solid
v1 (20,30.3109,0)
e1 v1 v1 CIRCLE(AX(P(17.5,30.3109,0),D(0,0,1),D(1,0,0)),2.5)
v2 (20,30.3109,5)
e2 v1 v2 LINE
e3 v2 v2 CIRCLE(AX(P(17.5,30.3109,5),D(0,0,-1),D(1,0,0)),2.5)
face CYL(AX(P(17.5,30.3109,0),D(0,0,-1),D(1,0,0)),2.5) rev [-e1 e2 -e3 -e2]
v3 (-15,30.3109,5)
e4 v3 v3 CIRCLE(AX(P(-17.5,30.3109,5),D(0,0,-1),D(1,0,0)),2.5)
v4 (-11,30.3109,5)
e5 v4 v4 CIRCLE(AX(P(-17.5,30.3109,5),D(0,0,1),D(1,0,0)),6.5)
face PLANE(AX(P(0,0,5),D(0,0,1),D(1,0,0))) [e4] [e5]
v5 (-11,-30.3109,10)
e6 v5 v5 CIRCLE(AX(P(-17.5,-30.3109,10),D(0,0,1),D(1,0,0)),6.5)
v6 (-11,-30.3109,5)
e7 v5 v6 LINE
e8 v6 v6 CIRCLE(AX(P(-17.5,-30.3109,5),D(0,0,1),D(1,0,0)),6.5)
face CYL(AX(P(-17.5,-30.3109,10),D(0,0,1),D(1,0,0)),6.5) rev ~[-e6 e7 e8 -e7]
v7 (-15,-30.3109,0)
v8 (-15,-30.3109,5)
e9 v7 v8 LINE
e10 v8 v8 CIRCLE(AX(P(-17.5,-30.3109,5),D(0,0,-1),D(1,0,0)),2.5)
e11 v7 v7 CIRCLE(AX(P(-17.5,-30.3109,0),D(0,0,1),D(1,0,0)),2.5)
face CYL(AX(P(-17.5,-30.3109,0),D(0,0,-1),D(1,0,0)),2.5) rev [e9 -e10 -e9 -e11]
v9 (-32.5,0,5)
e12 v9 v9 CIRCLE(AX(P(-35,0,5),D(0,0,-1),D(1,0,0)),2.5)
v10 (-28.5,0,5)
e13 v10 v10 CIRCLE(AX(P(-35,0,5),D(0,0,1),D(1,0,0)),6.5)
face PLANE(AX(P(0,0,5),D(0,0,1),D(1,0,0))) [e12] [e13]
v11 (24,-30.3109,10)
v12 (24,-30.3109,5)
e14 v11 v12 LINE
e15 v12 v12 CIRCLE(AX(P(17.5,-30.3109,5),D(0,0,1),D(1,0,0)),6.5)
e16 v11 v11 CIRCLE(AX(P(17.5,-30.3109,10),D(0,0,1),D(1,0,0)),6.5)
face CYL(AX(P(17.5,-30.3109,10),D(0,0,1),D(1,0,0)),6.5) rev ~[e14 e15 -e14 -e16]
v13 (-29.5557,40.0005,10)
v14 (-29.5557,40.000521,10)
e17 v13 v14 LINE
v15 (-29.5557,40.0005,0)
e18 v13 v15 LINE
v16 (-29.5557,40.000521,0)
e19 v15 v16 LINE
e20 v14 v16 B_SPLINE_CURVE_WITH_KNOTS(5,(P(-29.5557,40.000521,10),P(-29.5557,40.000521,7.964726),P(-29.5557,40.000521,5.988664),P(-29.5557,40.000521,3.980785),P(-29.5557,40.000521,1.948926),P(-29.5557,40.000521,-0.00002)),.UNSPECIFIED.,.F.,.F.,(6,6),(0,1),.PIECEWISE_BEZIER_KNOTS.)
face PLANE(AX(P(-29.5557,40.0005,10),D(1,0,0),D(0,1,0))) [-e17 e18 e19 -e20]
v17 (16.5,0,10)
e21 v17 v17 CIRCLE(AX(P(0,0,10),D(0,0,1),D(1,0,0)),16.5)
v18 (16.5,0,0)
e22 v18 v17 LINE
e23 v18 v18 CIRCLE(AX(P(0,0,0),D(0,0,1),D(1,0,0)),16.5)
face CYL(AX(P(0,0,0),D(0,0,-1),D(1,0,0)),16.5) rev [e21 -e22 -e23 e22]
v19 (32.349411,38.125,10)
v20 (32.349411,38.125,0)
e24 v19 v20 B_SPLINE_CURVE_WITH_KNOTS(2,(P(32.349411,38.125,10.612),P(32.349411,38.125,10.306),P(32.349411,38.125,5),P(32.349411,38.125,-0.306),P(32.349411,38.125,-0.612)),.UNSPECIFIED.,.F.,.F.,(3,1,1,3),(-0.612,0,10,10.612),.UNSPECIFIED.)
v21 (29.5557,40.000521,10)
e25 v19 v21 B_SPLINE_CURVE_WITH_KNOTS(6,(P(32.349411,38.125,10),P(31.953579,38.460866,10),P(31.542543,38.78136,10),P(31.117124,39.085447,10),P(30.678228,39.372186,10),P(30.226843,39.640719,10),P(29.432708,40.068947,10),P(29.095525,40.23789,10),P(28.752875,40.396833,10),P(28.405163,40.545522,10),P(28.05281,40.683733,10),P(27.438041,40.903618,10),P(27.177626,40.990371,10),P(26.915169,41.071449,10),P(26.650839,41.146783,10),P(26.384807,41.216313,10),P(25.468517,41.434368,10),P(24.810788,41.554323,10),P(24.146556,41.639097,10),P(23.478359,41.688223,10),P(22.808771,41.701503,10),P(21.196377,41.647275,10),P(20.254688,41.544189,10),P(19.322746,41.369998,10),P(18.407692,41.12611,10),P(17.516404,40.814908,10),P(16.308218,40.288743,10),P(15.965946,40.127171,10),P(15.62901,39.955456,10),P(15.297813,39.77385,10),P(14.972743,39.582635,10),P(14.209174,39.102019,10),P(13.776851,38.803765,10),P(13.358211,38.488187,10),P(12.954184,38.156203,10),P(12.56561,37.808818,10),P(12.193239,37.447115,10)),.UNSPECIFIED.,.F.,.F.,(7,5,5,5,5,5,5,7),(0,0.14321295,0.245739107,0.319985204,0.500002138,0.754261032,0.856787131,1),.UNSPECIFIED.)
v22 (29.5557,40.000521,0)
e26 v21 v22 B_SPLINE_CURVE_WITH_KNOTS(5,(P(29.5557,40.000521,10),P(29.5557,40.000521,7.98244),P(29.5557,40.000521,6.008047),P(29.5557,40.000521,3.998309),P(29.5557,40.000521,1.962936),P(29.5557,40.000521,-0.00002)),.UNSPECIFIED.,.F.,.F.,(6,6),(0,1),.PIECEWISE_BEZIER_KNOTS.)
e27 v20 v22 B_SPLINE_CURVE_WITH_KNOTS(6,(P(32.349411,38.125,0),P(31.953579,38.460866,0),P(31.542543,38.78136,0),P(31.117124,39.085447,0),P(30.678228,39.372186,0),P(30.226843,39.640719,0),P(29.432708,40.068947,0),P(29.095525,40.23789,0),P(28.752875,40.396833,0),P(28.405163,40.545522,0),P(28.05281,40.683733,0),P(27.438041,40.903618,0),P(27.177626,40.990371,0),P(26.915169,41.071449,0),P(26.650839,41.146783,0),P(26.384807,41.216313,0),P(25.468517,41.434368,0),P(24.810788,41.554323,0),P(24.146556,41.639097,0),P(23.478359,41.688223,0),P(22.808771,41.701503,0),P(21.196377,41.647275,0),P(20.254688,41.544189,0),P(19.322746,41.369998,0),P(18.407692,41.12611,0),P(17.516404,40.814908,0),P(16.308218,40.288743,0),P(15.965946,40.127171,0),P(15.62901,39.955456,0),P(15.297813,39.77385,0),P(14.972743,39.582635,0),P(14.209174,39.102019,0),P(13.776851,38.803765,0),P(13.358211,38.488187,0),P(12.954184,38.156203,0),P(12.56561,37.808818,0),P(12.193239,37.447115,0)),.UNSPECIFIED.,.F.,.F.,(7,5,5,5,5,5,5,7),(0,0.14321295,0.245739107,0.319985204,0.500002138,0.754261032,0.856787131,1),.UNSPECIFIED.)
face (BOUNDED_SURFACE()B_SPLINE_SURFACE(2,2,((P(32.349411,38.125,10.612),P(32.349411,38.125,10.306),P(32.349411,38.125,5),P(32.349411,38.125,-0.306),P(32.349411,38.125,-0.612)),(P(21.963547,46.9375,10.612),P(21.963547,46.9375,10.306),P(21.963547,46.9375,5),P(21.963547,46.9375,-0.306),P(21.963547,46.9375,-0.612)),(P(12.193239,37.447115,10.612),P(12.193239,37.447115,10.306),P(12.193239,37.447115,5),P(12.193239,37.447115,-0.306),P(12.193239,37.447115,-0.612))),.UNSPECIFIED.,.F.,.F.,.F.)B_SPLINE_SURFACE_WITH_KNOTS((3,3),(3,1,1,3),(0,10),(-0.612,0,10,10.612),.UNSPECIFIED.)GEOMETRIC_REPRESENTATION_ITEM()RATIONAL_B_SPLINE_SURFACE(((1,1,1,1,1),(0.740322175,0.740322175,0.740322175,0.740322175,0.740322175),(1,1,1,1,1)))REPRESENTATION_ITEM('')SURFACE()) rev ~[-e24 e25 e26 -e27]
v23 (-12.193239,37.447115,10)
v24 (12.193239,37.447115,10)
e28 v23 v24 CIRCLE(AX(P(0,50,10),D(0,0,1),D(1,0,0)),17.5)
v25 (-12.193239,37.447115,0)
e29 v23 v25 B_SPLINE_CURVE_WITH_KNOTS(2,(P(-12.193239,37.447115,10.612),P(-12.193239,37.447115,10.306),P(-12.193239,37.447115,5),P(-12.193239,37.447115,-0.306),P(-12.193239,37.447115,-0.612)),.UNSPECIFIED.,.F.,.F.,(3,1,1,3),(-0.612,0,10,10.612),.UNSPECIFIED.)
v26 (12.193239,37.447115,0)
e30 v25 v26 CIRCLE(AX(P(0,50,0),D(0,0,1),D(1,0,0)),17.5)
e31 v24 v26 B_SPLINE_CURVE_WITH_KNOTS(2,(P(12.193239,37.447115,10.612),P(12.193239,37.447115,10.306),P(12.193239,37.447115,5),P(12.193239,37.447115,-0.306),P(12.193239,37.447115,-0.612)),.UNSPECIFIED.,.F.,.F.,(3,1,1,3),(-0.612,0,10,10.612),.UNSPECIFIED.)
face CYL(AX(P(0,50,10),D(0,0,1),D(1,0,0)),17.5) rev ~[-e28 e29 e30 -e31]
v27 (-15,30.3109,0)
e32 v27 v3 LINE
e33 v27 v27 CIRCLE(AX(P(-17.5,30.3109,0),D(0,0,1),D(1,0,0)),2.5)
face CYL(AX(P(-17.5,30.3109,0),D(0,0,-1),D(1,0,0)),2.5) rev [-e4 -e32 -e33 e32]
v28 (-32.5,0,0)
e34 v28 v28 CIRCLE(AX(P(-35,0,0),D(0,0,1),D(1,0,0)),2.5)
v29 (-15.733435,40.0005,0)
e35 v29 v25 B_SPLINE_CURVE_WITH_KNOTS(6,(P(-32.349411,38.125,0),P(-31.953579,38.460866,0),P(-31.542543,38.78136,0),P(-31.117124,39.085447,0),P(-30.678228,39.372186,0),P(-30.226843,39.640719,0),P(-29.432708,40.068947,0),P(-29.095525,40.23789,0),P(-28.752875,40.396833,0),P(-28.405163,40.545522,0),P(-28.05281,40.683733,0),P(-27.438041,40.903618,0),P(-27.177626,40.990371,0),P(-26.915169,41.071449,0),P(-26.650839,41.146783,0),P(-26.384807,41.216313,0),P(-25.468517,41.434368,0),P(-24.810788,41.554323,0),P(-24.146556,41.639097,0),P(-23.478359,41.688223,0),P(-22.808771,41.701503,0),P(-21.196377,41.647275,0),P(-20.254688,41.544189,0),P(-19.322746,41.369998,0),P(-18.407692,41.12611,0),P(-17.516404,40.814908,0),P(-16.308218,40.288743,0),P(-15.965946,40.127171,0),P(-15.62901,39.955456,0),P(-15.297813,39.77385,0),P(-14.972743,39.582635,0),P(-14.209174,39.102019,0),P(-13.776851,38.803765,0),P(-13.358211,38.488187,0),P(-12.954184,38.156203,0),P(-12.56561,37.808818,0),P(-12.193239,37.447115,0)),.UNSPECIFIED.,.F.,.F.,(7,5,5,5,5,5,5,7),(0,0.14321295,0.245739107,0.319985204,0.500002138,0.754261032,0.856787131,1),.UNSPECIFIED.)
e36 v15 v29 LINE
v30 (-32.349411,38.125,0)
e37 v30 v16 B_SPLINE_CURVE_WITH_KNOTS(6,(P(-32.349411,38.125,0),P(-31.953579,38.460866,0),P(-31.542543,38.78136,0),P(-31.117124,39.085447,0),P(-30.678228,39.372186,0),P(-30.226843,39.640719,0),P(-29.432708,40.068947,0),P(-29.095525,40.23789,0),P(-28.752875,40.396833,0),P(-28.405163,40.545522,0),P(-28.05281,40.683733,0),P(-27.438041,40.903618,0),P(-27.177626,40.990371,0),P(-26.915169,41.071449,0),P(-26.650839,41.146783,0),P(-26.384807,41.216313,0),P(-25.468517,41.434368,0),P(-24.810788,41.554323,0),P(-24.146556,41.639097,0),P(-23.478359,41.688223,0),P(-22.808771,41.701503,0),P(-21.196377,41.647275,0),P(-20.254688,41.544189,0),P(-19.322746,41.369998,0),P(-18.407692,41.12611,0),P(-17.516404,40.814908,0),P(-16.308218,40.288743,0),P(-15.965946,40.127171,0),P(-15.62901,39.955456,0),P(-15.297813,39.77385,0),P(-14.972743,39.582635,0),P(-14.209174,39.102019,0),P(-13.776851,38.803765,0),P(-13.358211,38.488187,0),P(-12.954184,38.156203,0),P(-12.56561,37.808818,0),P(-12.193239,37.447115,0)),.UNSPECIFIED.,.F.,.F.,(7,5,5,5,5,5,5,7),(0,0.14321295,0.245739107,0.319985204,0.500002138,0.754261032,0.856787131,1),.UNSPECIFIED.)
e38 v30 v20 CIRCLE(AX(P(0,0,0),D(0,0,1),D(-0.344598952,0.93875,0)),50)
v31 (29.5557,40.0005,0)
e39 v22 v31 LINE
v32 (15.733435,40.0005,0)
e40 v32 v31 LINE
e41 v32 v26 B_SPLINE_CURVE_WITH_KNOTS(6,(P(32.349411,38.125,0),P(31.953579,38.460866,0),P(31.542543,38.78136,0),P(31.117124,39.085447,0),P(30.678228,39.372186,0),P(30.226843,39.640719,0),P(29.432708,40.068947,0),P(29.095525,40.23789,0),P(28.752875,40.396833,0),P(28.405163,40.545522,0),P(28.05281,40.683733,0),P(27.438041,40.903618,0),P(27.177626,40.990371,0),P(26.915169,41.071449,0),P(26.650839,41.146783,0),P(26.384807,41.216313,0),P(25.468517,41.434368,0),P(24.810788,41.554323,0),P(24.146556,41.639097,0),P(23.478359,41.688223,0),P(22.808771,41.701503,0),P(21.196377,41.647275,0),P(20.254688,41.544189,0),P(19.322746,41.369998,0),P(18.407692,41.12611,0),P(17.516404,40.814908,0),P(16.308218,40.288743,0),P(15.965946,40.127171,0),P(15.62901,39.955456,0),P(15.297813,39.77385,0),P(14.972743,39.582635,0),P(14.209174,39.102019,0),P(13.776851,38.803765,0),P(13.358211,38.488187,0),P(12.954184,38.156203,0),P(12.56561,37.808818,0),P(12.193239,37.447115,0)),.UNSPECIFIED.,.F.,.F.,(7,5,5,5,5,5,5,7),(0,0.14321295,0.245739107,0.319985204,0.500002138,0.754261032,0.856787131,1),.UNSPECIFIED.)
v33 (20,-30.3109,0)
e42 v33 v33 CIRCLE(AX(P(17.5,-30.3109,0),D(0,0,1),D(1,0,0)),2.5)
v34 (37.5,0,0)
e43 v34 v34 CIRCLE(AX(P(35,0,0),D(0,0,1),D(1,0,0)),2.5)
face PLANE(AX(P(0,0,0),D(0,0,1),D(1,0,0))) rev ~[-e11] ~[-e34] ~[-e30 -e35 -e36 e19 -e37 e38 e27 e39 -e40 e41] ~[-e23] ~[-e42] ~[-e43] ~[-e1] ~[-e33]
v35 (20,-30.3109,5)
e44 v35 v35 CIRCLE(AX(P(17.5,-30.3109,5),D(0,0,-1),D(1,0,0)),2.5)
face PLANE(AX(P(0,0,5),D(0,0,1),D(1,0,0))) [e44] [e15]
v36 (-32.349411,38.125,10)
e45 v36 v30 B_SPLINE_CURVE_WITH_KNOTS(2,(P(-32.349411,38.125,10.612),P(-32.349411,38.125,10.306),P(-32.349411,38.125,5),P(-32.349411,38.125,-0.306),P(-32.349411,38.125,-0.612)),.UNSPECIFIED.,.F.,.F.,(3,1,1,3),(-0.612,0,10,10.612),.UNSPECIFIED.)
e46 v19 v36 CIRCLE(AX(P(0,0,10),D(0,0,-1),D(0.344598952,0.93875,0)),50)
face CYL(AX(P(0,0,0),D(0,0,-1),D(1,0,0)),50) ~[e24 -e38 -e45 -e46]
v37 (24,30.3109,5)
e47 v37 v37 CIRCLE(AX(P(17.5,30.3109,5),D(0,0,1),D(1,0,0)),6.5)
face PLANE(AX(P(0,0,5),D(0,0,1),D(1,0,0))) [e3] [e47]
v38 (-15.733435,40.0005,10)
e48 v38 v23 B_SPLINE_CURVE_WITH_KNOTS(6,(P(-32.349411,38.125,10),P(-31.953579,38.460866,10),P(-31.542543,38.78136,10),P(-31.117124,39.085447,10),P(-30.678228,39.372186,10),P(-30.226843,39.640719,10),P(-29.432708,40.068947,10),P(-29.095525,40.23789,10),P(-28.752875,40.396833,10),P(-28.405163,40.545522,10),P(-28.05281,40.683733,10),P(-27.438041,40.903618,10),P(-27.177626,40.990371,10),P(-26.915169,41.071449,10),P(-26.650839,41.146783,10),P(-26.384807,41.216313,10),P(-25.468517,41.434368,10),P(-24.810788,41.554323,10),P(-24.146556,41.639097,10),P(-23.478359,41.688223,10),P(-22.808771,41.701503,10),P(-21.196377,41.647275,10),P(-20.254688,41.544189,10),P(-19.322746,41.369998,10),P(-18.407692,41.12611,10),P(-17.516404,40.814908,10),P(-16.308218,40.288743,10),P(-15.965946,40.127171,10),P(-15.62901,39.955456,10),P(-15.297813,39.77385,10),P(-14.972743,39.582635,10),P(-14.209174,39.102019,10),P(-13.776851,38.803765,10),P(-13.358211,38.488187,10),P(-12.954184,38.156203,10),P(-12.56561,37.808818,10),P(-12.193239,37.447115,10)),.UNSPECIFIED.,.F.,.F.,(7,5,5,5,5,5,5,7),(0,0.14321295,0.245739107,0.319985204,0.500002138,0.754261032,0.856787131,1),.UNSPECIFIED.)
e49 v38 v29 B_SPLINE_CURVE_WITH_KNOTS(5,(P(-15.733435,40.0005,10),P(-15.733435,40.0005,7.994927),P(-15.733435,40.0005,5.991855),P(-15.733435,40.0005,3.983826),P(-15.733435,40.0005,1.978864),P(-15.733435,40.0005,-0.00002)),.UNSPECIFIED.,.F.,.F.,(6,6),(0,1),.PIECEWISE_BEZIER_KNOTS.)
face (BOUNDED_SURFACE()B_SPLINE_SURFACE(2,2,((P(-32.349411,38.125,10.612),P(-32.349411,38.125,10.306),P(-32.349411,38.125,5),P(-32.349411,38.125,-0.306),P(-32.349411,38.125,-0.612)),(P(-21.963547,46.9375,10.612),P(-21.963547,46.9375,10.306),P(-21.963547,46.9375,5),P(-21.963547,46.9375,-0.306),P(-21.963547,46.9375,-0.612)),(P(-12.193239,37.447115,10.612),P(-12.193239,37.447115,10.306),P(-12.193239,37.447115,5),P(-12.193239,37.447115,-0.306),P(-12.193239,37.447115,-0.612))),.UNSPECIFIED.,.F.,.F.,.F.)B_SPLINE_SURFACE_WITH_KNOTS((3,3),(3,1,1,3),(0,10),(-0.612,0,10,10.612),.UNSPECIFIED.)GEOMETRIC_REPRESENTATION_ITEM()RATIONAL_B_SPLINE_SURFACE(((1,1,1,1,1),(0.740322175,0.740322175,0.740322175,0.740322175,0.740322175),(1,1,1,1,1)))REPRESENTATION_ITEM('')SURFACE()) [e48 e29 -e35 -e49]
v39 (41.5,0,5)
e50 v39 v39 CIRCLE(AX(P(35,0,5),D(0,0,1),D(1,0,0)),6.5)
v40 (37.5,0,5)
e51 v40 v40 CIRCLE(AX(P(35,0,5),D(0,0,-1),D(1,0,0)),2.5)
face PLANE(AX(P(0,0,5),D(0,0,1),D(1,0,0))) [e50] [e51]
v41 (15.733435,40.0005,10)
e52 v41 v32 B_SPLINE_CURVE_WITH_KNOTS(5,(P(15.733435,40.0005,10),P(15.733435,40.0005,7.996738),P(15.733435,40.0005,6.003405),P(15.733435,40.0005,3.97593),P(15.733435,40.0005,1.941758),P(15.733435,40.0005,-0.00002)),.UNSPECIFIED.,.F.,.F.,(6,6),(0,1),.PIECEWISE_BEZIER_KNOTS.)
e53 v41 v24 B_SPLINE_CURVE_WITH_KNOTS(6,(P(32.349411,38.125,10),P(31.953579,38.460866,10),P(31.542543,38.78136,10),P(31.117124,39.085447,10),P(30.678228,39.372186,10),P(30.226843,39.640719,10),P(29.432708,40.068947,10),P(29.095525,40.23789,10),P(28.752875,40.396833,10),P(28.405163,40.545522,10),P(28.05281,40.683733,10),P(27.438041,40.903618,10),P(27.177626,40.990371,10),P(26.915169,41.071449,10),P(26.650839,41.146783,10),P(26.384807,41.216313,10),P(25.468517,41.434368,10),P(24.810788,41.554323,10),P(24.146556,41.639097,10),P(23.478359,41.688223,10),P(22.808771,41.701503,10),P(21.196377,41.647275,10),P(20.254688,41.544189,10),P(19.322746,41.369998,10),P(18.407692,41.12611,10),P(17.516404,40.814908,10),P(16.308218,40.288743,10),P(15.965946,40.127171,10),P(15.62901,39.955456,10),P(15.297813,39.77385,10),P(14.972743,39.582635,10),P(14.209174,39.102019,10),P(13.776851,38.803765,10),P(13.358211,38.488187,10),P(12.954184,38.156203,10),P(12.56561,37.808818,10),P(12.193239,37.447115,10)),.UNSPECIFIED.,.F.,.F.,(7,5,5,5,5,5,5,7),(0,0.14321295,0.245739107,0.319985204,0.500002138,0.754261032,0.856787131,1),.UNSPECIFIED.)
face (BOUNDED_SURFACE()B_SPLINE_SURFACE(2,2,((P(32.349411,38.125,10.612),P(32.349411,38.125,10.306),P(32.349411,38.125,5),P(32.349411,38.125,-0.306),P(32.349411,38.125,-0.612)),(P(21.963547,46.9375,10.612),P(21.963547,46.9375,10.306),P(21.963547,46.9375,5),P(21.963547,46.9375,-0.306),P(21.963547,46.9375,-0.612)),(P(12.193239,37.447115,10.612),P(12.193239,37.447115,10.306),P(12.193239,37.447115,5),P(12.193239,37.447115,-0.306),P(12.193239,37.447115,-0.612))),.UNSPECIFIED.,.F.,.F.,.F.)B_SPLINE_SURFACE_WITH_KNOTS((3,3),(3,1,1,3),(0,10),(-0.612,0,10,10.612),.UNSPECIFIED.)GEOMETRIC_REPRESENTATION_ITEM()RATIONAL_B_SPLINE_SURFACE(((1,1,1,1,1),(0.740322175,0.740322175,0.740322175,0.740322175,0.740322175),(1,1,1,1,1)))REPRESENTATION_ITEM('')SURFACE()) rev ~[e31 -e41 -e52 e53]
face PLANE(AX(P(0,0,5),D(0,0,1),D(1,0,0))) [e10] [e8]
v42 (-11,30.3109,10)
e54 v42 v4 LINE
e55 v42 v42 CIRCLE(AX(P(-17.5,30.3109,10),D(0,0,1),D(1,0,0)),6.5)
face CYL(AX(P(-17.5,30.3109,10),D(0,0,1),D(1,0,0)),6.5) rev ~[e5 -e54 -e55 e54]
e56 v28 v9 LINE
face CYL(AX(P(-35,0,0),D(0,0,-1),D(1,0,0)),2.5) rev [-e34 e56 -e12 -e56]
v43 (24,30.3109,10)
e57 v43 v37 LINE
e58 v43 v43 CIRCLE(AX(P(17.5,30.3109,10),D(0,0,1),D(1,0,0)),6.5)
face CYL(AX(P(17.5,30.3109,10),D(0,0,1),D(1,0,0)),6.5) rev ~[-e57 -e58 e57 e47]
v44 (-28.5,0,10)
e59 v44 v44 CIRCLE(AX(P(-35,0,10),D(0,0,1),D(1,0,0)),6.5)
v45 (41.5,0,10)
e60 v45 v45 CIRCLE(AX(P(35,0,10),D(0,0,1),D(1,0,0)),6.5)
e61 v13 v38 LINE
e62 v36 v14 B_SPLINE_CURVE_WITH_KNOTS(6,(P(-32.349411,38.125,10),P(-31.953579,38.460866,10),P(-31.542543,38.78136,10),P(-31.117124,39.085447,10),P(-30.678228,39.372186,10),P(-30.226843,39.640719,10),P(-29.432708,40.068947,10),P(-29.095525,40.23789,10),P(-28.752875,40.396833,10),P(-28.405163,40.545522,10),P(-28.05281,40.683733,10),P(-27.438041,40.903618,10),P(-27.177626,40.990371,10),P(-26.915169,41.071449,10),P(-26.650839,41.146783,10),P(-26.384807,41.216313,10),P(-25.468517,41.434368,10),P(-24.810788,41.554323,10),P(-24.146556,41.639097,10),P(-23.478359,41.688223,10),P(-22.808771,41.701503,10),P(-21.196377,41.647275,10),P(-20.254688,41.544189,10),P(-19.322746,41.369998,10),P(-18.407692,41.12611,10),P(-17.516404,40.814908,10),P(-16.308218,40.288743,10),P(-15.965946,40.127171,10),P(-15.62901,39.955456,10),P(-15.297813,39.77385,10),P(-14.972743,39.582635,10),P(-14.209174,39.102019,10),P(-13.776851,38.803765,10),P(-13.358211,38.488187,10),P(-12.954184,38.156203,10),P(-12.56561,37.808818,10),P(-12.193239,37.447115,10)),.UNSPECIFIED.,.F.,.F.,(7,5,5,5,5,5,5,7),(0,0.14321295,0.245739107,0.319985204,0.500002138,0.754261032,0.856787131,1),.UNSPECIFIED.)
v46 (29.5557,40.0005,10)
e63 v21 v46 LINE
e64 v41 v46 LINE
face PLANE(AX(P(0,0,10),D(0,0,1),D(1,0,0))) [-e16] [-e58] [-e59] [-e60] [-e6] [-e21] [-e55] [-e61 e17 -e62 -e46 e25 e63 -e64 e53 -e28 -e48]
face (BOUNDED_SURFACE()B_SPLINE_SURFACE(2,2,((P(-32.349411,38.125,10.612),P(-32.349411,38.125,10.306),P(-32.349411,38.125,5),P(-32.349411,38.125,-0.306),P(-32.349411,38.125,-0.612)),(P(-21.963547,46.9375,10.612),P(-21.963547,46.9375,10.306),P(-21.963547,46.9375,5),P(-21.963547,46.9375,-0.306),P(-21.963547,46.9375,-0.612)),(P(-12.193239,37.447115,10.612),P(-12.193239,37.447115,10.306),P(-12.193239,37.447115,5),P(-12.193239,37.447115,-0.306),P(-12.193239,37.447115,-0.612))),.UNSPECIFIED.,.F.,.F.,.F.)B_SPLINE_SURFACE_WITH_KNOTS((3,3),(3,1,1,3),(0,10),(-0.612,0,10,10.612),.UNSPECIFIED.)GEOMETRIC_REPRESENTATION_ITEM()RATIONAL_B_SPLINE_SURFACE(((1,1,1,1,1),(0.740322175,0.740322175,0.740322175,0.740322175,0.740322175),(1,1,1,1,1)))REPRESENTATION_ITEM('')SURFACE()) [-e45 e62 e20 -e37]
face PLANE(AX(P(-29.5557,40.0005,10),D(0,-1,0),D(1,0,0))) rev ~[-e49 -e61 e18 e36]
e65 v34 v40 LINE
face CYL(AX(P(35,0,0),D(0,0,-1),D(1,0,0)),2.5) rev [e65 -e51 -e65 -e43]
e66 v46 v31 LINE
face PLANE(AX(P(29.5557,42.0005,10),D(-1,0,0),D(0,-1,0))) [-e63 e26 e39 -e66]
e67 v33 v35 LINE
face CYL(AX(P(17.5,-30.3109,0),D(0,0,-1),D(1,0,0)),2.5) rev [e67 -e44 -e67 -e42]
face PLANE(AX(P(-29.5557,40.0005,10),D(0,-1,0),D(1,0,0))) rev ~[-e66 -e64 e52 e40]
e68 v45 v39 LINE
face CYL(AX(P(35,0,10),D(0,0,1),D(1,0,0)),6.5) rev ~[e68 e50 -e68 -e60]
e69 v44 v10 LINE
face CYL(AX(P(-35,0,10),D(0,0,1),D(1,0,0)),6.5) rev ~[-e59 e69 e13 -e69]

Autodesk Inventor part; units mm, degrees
ref_plane "YZ Plane" through (0, 0, 0) normal (1, 0, 0) x (0, 1, 0)
ref_plane "XZ Plane" through (0, 0, 0) normal (0, 1, 0) x (-1, 0, 0)
ref_plane "XY Plane" through (0, 0, 0) normal (0, 0, 1) x (1, 0, 0)
sketch "Sketch1" plane through (0, 0, 0) normal (0, 0, 1) x (1, 0, 0)
  circle A0 centre (0, 0) radius 50
  circle A1 centre (0, 0) radius 16.5
  circle A2 centre (35, 0) radius 2.5
  circle A3 centre (17.5, 30.3109) radius 2.5
  circle A4 centre (-17.5, 30.3109) radius 2.5
  circle A5 centre (-35, 0) radius 2.5
  circle A6 centre (-17.5, -30.3109) radius 2.5
  circle A7 centre (17.5, -30.3109) radius 2.5
  dimension "d0" = 100
  dimension "d1" = 33
  dimension "d2" = 5
  dimension "d3" = 35
  dimension "d6" = 360
extrude "Extrusion1" add sketch "Sketch1" along normal blind 10
sketch "Sketch2" plane through (0, 0, 10) normal (0, 0, 1) x (1, 0, 0)
  circle A0 centre (35, 0) radius 2.5 projected
  circle A1 centre (35, 0) radius 6.5
  circle A2 centre (17.5, 30.3109) radius 6.5
  circle A3 centre (-17.5, 30.3109) radius 6.5
  circle A4 centre (-35, 0) radius 6.5
  circle A5 centre (-17.5, -30.3109) radius 6.5
  circle A6 centre (17.5, -30.3109) radius 6.5
  point P0 (0, 0)
  dimension "d10" = 13
  dimension "d13" = 360
extrude "Extrusion2" cut sketch "Sketch2" against normal blind 5 contours A0 | A1 | A2 | A3 | A4 | A5 | A6
sketch "Sketch3" plane through (0, 0, 10) normal (0, 0, 1) x (1, 0, 0)
  circle A0 centre (0, 0) radius 50 construction
  circle A1 centre (0, 50) radius 17.5
  dimension "d17" = 35
extrude "Extrusion3" cut sketch "Sketch3" against normal through all
fillet "Fillet1" radius 15 2 edges at (-17.2299, 46.9375, 5) (17.2299, 46.9375, 5)
sketch "Sketch4" plane through (0, 0, 10) normal (0, 0, 1) x (1, 0, 0)
  line L0 (-29.5557, 40.0005) -> (29.5557, 40.0005)
  arc A0 (-12.1932, 37.4471) -> (-32.3494, 38.125) centre (-22.6446, 26.6875) ccw construction
  arc A1 (32.3494, 38.125) -> (12.1932, 37.4471) centre (22.6446, 26.6875) ccw construction
  line L1 (-29.5557, 40.0005) -> (-29.5557, 42.0005)
  line L2 (-29.5557, 42.0005) -> (29.5557, 42.0005)
  line L3 (29.5557, 42.0005) -> (29.5557, 40.0005)
  point P0 (0, 0)
  dimension "d21" = 13.313
  dimension "d24" = 2
extrude "Extrusion4" cut sketch "Sketch4" against normal through all
properties part number "AA033" material "ABS Plastic"
